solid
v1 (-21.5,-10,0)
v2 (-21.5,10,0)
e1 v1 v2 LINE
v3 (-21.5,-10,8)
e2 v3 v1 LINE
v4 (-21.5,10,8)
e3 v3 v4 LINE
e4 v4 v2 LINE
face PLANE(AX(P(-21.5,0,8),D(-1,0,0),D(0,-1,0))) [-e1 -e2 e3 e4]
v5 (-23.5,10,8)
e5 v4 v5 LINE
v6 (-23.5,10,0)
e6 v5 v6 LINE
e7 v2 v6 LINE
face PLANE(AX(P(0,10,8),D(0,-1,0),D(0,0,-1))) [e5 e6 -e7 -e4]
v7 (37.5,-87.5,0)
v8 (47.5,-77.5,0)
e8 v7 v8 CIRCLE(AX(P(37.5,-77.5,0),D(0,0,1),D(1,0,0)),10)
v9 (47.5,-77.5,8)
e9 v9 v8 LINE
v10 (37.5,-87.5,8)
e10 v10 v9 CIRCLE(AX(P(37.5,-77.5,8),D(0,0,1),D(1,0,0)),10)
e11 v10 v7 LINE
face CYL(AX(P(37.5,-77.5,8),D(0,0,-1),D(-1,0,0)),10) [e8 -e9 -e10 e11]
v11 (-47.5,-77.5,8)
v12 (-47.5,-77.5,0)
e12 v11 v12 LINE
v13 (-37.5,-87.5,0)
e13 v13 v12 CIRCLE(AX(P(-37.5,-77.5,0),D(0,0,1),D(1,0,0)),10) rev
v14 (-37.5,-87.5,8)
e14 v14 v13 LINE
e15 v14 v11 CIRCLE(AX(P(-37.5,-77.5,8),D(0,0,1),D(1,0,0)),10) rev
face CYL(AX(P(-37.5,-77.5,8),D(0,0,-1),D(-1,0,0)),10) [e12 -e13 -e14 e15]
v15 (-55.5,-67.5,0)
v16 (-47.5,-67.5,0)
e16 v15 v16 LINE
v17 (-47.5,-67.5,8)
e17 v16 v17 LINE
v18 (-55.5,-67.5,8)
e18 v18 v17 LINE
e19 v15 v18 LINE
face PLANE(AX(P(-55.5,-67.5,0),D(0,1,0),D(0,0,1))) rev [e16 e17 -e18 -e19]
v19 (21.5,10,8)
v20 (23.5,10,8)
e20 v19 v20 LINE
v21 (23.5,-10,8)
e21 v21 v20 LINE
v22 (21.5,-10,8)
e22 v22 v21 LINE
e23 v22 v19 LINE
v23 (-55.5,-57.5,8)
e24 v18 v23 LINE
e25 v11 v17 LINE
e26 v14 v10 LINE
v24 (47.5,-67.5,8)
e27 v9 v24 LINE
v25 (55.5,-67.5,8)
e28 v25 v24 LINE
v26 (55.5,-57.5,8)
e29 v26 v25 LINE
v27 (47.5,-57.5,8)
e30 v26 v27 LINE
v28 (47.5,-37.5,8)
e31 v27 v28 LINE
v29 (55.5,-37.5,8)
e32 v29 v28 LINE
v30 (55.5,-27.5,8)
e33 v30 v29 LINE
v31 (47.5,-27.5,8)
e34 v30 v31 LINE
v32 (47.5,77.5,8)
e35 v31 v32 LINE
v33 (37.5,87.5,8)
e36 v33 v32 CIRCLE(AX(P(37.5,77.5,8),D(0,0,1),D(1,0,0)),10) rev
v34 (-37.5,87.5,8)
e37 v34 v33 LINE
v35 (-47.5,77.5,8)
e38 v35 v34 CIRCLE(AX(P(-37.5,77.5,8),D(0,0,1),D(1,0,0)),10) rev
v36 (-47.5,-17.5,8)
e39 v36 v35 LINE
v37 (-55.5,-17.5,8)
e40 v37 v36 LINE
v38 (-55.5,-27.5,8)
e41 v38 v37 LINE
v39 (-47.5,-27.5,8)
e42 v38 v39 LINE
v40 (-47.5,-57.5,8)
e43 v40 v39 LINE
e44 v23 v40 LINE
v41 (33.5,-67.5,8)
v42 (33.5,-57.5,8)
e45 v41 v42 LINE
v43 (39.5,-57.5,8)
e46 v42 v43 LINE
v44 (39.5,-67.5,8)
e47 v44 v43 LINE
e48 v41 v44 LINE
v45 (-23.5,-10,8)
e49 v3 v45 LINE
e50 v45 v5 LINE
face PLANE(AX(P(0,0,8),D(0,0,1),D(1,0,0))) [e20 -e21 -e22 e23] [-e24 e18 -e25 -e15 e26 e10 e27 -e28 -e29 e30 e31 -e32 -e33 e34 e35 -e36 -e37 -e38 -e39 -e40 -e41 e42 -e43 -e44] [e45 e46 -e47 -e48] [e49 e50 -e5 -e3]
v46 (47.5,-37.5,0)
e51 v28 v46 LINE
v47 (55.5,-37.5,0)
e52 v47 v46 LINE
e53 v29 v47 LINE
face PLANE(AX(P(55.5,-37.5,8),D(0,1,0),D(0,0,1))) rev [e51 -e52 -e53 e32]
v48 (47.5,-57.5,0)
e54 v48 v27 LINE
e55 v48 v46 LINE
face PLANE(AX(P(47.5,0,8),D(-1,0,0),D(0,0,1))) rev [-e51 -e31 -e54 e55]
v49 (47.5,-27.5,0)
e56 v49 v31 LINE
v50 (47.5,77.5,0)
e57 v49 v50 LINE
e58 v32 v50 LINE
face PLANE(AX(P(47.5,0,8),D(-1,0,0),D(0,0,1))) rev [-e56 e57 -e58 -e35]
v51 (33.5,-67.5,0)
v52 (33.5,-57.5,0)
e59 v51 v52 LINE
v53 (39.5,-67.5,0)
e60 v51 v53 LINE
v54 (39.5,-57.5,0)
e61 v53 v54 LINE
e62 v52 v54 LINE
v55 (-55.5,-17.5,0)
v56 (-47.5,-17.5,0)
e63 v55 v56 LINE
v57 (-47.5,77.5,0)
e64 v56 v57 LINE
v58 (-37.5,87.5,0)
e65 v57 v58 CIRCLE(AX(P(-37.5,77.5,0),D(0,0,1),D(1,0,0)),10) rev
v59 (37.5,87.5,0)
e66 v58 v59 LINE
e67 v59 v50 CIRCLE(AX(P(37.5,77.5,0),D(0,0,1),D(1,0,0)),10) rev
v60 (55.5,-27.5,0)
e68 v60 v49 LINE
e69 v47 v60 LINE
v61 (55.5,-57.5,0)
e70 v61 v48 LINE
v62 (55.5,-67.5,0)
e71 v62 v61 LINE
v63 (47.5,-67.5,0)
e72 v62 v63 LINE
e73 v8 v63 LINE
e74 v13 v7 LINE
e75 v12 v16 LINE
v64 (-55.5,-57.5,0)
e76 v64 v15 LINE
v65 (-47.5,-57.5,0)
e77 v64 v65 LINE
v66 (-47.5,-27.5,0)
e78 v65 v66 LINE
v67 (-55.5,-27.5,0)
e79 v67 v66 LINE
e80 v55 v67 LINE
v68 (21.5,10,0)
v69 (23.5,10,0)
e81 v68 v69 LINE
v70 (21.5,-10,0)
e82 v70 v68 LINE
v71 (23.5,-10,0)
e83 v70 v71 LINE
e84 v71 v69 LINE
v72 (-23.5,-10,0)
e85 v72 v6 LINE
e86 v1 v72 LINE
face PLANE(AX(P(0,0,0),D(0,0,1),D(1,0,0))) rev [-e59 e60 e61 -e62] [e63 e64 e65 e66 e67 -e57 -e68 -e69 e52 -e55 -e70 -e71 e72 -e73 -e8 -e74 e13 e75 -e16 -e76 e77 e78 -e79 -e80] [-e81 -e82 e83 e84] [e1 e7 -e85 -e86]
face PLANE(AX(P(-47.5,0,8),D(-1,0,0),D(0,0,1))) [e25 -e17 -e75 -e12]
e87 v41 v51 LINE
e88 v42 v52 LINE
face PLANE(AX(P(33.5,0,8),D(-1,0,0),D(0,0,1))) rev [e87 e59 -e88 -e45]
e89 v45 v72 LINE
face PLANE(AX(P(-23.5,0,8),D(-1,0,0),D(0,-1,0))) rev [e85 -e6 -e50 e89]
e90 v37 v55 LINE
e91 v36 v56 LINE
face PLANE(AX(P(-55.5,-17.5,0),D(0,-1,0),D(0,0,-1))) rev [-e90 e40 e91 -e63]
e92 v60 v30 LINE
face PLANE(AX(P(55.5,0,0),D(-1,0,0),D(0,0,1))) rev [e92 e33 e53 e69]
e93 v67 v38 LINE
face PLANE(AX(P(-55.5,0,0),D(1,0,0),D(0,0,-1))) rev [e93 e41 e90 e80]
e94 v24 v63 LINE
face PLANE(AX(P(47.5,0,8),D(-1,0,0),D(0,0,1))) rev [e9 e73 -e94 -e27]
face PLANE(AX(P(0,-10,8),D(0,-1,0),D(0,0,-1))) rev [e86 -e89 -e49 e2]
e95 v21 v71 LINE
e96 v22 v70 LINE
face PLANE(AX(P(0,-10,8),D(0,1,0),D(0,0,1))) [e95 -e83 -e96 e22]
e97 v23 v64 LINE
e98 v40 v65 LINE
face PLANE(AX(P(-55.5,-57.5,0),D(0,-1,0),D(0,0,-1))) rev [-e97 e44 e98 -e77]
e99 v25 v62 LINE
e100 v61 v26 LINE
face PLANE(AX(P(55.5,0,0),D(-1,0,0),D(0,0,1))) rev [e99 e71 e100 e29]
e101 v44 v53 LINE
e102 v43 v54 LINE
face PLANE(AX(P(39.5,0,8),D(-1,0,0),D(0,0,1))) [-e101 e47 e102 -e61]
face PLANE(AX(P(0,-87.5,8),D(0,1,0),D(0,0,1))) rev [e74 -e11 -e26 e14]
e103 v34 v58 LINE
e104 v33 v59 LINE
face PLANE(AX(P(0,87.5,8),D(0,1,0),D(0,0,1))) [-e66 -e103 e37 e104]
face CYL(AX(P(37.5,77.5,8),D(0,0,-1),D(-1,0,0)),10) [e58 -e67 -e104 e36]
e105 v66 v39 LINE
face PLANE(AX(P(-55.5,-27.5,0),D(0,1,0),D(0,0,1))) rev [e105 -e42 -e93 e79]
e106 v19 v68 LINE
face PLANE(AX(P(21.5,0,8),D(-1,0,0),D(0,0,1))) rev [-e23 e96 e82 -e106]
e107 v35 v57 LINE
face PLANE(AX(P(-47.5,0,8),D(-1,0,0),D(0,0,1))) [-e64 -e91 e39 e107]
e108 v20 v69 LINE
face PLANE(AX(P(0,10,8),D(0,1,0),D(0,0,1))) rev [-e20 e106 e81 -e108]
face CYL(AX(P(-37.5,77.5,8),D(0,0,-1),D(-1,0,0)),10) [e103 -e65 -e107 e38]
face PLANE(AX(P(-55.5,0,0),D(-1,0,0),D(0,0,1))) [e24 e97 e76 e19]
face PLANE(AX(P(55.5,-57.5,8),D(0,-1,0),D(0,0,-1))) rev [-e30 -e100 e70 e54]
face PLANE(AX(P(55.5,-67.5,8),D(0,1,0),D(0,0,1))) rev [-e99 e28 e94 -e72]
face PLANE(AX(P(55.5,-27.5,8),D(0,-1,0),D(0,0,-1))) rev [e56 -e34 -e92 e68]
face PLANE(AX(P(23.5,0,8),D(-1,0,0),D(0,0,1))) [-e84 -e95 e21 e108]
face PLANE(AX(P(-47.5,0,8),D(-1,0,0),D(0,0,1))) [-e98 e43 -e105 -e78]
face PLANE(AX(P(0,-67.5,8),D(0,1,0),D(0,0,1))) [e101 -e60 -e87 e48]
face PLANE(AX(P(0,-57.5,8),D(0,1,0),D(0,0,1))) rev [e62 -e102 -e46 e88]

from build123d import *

# Parameters (mm, degrees)
SKETCH1_W           = 2
SKETCH1_H           = 20
SKETCH1_W_2         = 6
SKETCH1_H_2         = 10
BOSS_EXTRUDE1_DEPTH = 8
SKETCH3_W           = 8
SKETCH3_H           = 10
BOSS_EXTRUDE2_DEPTH = 8
SKETCH4_W           = 8
SKETCH4_H           = 10
BOSS_EXTRUDE3_DEPTH = 8


with BuildPart() as part:
    # Sketch1 → Boss-Extrude1 (new body)
    with BuildSketch(Plane.XY):
        with BuildLine():
            Line((-37.5, -87.5), (37.5, -87.5))
            ThreePointArc((37.5, -87.5), (44.571067812, -84.571067812), (47.5, -77.5))
            Line((47.5, -77.5), (47.5, 77.5))
            ThreePointArc((47.5, 77.5), (44.571067812, 84.571067812), (37.5, 87.5))
            Line((37.5, 87.5), (-37.5, 87.5))
            ThreePointArc((-37.5, 87.5), (-44.571067812, 84.571067812), (-47.5, 77.5))
            Line((-47.5, 77.5), (-47.5, -77.5))
            ThreePointArc((-47.5, -77.5), (-44.571067812, -84.571067812), (-37.5, -87.5))
        make_face()
        with Locations((-22.5, 0)):
            Rectangle(SKETCH1_W, SKETCH1_H, mode=Mode.SUBTRACT)
        with Locations((22.5, 0)):
            Rectangle(SKETCH1_W, SKETCH1_H, mode=Mode.SUBTRACT)
        with Locations((36.5, -62.5)):
            Rectangle(SKETCH1_W_2, SKETCH1_H_2, mode=Mode.SUBTRACT)
    extrude(amount=BOSS_EXTRUDE1_DEPTH)

    # Sketch3 → Boss-Extrude2 (add)
    with BuildSketch(Plane.ZY.offset(47.5)):
        with Locations((4, -62.5)):
            Rectangle(SKETCH3_W, SKETCH3_H)
        with Locations((4, -22.5)):
            Rectangle(SKETCH3_W, SKETCH3_H)
    extrude(amount=BOSS_EXTRUDE2_DEPTH)

    # Sketch4 → Boss-Extrude3 (add)
    with BuildSketch(Plane(origin=(47.5, 0, 0), x_dir=(0, 0, -1), z_dir=(1, 0, 0))):
        with Locations((-4, -62.5)):
            Rectangle(SKETCH4_W, SKETCH4_H)
        with Locations((-4, -32.5)):
            Rectangle(SKETCH4_W, SKETCH4_H)
    extrude(amount=BOSS_EXTRUDE3_DEPTH)


solid = part.part
